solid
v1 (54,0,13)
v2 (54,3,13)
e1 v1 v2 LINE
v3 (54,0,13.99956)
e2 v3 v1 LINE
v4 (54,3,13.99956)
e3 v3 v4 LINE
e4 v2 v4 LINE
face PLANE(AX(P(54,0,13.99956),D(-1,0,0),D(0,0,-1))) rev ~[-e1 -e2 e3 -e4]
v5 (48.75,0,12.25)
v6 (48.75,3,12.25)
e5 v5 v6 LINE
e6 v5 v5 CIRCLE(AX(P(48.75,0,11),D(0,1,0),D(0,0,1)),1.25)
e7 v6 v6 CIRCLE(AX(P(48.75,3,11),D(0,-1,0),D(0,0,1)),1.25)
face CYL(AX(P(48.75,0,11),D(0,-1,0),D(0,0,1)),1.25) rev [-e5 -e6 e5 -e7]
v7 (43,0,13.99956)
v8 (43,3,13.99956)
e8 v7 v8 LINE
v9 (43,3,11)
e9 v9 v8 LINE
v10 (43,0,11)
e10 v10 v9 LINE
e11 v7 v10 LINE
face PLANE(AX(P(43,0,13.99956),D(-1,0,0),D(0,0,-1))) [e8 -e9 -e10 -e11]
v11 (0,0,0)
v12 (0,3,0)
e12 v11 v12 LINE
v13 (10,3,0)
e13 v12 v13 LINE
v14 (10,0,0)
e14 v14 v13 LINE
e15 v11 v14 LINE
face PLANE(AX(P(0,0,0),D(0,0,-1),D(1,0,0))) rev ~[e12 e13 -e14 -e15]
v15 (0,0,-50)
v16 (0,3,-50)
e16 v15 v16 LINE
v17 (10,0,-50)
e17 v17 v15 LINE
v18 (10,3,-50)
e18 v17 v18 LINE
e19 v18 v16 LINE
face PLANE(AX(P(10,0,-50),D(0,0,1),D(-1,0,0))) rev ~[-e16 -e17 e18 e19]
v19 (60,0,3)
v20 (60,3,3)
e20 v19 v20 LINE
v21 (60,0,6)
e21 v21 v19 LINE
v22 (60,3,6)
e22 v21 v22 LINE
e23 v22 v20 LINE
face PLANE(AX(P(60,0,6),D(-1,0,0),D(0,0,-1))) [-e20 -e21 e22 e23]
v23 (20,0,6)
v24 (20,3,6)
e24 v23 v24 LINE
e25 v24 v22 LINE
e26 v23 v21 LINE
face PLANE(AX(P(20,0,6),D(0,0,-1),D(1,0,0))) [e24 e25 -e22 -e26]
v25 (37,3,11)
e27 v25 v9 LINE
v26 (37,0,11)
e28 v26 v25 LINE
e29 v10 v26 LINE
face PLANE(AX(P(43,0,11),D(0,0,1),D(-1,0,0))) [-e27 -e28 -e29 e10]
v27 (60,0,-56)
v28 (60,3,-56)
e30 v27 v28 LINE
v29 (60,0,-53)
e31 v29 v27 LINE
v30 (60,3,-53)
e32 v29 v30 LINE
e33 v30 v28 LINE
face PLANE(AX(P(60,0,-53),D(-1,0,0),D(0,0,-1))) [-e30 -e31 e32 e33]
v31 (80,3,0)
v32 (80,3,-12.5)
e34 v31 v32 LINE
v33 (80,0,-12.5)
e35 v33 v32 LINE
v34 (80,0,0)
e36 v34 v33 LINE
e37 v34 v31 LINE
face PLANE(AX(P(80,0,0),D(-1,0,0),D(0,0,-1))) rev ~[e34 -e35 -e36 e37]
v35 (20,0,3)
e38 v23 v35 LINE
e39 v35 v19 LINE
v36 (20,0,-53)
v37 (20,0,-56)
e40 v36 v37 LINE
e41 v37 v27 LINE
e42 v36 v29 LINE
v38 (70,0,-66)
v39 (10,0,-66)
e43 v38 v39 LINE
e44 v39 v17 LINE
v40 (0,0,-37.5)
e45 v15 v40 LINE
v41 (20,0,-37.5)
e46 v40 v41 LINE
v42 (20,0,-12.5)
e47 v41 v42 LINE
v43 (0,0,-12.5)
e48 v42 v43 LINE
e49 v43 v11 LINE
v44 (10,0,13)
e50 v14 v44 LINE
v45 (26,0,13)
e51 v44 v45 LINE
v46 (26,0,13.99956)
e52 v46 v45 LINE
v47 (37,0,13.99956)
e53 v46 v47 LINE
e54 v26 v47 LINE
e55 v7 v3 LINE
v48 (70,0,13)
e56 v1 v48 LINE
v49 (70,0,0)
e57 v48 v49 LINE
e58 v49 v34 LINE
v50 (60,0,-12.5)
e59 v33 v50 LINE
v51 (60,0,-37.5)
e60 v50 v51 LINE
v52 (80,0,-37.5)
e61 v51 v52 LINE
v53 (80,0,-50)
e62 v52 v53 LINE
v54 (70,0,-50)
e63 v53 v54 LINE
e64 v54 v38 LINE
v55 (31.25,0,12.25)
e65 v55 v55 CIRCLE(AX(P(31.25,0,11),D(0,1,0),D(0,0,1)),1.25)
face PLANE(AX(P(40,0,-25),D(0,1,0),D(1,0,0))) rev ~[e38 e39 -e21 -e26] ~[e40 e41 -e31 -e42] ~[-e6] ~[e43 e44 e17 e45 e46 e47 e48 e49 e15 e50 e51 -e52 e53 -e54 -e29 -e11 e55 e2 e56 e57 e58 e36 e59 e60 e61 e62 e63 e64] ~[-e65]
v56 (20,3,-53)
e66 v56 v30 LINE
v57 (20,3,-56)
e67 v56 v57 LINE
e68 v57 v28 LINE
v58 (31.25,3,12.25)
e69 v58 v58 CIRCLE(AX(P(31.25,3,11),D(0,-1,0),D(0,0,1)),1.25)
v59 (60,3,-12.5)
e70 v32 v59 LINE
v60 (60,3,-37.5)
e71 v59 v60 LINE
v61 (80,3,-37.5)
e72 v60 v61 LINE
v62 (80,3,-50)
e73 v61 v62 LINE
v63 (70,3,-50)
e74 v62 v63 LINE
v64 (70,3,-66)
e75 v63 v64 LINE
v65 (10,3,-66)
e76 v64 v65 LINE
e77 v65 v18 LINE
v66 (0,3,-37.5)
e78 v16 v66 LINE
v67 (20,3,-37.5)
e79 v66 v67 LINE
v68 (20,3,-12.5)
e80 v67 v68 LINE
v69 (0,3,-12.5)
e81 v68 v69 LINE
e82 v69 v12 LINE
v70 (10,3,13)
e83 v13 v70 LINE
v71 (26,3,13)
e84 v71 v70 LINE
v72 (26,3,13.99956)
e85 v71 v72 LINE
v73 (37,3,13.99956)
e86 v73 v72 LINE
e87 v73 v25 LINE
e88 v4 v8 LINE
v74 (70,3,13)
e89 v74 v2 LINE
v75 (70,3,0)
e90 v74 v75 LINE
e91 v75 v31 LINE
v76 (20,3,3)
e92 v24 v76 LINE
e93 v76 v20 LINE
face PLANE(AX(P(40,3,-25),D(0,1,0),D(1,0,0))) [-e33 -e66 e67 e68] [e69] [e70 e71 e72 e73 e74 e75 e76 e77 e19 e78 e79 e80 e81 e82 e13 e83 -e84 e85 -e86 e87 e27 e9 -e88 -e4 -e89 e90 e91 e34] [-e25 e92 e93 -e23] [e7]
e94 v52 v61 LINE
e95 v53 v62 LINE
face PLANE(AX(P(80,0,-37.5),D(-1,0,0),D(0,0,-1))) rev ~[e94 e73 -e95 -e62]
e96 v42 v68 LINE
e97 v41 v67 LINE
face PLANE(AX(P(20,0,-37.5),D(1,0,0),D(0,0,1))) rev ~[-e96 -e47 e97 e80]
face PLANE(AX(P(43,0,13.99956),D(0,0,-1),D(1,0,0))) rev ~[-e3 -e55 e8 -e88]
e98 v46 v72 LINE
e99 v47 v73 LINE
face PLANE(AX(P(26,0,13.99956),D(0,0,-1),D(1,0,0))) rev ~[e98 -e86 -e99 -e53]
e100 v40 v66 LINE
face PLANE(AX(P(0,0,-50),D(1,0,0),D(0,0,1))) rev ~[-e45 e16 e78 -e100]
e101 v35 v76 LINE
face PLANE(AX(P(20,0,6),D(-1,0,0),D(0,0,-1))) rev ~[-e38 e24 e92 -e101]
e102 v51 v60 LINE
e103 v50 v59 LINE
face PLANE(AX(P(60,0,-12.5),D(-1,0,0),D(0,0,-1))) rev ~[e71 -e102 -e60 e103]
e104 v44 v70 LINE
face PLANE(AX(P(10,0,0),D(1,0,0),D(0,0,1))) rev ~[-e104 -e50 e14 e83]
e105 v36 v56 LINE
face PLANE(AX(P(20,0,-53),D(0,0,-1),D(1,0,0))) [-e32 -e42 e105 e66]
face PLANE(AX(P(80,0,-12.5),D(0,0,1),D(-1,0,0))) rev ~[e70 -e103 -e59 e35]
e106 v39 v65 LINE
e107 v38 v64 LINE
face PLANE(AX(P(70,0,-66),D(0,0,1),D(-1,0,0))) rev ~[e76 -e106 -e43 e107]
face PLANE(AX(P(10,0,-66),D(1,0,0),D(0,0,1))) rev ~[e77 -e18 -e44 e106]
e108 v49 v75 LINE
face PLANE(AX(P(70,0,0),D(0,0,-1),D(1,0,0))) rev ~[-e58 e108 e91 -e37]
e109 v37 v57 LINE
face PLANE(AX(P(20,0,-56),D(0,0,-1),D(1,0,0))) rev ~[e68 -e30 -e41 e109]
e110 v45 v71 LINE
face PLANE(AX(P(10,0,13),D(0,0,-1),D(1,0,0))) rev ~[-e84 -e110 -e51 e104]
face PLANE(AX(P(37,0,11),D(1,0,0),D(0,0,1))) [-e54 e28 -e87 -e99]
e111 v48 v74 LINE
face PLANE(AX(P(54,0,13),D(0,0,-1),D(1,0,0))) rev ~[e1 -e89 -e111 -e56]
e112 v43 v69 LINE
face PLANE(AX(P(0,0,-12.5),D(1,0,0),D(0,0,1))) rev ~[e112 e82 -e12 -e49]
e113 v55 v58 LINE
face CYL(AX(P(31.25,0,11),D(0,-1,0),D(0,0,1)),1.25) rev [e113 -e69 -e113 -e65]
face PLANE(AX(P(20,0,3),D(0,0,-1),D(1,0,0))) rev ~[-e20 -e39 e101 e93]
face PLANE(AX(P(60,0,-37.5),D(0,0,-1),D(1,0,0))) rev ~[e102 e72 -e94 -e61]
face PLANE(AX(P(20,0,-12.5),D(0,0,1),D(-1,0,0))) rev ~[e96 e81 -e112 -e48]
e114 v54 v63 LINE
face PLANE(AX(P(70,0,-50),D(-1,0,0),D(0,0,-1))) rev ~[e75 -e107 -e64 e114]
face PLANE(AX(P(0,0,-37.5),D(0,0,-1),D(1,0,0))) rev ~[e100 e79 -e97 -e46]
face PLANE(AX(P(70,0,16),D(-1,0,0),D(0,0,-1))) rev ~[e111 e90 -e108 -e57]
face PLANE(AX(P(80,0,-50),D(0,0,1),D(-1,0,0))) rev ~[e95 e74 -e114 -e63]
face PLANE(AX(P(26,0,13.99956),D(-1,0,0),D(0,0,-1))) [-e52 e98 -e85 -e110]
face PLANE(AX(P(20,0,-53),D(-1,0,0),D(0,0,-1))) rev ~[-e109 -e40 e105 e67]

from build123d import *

# Parameters (mm, degrees)
SKETCH1_W           = 40
SKETCH1_H           = 3
BOSS_EXTRUDE1_DEPTH = 3
SKETCH2_R           = 1.25
CUT_EXTRUDE1_DEPTH  = 10
SKETCH3_W           = 16
SKETCH3_H           = 3
SKETCH3_W_2         = 11
SKETCH3_H_2         = 2.000440009
CUT_EXTRUDE2_DEPTH  = 10


with BuildPart() as part:
    # Sketch1 → Boss-Extrude1 (new body)
    with BuildSketch(Plane(origin=(0, 0, 0), x_dir=(1, 0, 0), z_dir=(0, 1, 0))):
        Polygon((20, 37.5), (20, 12.5), (0, 12.5), (0, 0), (10, 0), (10, -16), (70, -16), (70, 0), (80, 0), (80, 12.5), (60, 12.5), (60, 37.5), (80, 37.5), (80, 50), (70, 50), (70, 66), (10, 66), (10, 50), (0, 50), (0, 37.5), align=None)
        with Locations((40, -4.5)):
            Rectangle(SKETCH1_W, SKETCH1_H, mode=Mode.SUBTRACT)
        with Locations((40, 54.5)):
            Rectangle(SKETCH1_W, SKETCH1_H, mode=Mode.SUBTRACT)
    extrude(amount=BOSS_EXTRUDE1_DEPTH)

    # Sketch2 → Cut-Extrude1 (cut)
    with BuildSketch(Plane(origin=(0, 0, 0), x_dir=(1, 0, 0), z_dir=(0, 1, 0))):
        with Locations(Location((31.25, -11, 0), (0, 0, 270))):
            Circle(SKETCH2_R)
        with Locations(Location((48.75, -11, 0), (0, 0, 270))):
            Circle(SKETCH2_R)
    extrude(amount=CUT_EXTRUDE1_DEPTH, mode=Mode.SUBTRACT)

    # Sketch3 → Cut-Extrude2 (cut)
    with BuildSketch(Plane(origin=(0, 0, 0), x_dir=(1, 0, 0), z_dir=(0, 1, 0))):
        with Locations((18, -14.5)):
            Rectangle(SKETCH3_W, SKETCH3_H)
        Polygon((37, -16), (40, -16), (40, -11), (37, -11), (37, -13.999559991), align=None)
        Polygon((40, -11), (40, -16), (43, -16), (43, -13.999559991), (43, -11), align=None)
        with Locations((62, -14.5)):
            Rectangle(SKETCH3_W, SKETCH3_H)
        with Locations((31.5, -14.999779996)):
            Rectangle(SKETCH3_W_2, SKETCH3_H_2)
        with Locations((48.5, -14.999779996)):
            Rectangle(SKETCH3_W_2, SKETCH3_H_2)
    extrude(amount=CUT_EXTRUDE2_DEPTH, mode=Mode.SUBTRACT)


solid = part.part
